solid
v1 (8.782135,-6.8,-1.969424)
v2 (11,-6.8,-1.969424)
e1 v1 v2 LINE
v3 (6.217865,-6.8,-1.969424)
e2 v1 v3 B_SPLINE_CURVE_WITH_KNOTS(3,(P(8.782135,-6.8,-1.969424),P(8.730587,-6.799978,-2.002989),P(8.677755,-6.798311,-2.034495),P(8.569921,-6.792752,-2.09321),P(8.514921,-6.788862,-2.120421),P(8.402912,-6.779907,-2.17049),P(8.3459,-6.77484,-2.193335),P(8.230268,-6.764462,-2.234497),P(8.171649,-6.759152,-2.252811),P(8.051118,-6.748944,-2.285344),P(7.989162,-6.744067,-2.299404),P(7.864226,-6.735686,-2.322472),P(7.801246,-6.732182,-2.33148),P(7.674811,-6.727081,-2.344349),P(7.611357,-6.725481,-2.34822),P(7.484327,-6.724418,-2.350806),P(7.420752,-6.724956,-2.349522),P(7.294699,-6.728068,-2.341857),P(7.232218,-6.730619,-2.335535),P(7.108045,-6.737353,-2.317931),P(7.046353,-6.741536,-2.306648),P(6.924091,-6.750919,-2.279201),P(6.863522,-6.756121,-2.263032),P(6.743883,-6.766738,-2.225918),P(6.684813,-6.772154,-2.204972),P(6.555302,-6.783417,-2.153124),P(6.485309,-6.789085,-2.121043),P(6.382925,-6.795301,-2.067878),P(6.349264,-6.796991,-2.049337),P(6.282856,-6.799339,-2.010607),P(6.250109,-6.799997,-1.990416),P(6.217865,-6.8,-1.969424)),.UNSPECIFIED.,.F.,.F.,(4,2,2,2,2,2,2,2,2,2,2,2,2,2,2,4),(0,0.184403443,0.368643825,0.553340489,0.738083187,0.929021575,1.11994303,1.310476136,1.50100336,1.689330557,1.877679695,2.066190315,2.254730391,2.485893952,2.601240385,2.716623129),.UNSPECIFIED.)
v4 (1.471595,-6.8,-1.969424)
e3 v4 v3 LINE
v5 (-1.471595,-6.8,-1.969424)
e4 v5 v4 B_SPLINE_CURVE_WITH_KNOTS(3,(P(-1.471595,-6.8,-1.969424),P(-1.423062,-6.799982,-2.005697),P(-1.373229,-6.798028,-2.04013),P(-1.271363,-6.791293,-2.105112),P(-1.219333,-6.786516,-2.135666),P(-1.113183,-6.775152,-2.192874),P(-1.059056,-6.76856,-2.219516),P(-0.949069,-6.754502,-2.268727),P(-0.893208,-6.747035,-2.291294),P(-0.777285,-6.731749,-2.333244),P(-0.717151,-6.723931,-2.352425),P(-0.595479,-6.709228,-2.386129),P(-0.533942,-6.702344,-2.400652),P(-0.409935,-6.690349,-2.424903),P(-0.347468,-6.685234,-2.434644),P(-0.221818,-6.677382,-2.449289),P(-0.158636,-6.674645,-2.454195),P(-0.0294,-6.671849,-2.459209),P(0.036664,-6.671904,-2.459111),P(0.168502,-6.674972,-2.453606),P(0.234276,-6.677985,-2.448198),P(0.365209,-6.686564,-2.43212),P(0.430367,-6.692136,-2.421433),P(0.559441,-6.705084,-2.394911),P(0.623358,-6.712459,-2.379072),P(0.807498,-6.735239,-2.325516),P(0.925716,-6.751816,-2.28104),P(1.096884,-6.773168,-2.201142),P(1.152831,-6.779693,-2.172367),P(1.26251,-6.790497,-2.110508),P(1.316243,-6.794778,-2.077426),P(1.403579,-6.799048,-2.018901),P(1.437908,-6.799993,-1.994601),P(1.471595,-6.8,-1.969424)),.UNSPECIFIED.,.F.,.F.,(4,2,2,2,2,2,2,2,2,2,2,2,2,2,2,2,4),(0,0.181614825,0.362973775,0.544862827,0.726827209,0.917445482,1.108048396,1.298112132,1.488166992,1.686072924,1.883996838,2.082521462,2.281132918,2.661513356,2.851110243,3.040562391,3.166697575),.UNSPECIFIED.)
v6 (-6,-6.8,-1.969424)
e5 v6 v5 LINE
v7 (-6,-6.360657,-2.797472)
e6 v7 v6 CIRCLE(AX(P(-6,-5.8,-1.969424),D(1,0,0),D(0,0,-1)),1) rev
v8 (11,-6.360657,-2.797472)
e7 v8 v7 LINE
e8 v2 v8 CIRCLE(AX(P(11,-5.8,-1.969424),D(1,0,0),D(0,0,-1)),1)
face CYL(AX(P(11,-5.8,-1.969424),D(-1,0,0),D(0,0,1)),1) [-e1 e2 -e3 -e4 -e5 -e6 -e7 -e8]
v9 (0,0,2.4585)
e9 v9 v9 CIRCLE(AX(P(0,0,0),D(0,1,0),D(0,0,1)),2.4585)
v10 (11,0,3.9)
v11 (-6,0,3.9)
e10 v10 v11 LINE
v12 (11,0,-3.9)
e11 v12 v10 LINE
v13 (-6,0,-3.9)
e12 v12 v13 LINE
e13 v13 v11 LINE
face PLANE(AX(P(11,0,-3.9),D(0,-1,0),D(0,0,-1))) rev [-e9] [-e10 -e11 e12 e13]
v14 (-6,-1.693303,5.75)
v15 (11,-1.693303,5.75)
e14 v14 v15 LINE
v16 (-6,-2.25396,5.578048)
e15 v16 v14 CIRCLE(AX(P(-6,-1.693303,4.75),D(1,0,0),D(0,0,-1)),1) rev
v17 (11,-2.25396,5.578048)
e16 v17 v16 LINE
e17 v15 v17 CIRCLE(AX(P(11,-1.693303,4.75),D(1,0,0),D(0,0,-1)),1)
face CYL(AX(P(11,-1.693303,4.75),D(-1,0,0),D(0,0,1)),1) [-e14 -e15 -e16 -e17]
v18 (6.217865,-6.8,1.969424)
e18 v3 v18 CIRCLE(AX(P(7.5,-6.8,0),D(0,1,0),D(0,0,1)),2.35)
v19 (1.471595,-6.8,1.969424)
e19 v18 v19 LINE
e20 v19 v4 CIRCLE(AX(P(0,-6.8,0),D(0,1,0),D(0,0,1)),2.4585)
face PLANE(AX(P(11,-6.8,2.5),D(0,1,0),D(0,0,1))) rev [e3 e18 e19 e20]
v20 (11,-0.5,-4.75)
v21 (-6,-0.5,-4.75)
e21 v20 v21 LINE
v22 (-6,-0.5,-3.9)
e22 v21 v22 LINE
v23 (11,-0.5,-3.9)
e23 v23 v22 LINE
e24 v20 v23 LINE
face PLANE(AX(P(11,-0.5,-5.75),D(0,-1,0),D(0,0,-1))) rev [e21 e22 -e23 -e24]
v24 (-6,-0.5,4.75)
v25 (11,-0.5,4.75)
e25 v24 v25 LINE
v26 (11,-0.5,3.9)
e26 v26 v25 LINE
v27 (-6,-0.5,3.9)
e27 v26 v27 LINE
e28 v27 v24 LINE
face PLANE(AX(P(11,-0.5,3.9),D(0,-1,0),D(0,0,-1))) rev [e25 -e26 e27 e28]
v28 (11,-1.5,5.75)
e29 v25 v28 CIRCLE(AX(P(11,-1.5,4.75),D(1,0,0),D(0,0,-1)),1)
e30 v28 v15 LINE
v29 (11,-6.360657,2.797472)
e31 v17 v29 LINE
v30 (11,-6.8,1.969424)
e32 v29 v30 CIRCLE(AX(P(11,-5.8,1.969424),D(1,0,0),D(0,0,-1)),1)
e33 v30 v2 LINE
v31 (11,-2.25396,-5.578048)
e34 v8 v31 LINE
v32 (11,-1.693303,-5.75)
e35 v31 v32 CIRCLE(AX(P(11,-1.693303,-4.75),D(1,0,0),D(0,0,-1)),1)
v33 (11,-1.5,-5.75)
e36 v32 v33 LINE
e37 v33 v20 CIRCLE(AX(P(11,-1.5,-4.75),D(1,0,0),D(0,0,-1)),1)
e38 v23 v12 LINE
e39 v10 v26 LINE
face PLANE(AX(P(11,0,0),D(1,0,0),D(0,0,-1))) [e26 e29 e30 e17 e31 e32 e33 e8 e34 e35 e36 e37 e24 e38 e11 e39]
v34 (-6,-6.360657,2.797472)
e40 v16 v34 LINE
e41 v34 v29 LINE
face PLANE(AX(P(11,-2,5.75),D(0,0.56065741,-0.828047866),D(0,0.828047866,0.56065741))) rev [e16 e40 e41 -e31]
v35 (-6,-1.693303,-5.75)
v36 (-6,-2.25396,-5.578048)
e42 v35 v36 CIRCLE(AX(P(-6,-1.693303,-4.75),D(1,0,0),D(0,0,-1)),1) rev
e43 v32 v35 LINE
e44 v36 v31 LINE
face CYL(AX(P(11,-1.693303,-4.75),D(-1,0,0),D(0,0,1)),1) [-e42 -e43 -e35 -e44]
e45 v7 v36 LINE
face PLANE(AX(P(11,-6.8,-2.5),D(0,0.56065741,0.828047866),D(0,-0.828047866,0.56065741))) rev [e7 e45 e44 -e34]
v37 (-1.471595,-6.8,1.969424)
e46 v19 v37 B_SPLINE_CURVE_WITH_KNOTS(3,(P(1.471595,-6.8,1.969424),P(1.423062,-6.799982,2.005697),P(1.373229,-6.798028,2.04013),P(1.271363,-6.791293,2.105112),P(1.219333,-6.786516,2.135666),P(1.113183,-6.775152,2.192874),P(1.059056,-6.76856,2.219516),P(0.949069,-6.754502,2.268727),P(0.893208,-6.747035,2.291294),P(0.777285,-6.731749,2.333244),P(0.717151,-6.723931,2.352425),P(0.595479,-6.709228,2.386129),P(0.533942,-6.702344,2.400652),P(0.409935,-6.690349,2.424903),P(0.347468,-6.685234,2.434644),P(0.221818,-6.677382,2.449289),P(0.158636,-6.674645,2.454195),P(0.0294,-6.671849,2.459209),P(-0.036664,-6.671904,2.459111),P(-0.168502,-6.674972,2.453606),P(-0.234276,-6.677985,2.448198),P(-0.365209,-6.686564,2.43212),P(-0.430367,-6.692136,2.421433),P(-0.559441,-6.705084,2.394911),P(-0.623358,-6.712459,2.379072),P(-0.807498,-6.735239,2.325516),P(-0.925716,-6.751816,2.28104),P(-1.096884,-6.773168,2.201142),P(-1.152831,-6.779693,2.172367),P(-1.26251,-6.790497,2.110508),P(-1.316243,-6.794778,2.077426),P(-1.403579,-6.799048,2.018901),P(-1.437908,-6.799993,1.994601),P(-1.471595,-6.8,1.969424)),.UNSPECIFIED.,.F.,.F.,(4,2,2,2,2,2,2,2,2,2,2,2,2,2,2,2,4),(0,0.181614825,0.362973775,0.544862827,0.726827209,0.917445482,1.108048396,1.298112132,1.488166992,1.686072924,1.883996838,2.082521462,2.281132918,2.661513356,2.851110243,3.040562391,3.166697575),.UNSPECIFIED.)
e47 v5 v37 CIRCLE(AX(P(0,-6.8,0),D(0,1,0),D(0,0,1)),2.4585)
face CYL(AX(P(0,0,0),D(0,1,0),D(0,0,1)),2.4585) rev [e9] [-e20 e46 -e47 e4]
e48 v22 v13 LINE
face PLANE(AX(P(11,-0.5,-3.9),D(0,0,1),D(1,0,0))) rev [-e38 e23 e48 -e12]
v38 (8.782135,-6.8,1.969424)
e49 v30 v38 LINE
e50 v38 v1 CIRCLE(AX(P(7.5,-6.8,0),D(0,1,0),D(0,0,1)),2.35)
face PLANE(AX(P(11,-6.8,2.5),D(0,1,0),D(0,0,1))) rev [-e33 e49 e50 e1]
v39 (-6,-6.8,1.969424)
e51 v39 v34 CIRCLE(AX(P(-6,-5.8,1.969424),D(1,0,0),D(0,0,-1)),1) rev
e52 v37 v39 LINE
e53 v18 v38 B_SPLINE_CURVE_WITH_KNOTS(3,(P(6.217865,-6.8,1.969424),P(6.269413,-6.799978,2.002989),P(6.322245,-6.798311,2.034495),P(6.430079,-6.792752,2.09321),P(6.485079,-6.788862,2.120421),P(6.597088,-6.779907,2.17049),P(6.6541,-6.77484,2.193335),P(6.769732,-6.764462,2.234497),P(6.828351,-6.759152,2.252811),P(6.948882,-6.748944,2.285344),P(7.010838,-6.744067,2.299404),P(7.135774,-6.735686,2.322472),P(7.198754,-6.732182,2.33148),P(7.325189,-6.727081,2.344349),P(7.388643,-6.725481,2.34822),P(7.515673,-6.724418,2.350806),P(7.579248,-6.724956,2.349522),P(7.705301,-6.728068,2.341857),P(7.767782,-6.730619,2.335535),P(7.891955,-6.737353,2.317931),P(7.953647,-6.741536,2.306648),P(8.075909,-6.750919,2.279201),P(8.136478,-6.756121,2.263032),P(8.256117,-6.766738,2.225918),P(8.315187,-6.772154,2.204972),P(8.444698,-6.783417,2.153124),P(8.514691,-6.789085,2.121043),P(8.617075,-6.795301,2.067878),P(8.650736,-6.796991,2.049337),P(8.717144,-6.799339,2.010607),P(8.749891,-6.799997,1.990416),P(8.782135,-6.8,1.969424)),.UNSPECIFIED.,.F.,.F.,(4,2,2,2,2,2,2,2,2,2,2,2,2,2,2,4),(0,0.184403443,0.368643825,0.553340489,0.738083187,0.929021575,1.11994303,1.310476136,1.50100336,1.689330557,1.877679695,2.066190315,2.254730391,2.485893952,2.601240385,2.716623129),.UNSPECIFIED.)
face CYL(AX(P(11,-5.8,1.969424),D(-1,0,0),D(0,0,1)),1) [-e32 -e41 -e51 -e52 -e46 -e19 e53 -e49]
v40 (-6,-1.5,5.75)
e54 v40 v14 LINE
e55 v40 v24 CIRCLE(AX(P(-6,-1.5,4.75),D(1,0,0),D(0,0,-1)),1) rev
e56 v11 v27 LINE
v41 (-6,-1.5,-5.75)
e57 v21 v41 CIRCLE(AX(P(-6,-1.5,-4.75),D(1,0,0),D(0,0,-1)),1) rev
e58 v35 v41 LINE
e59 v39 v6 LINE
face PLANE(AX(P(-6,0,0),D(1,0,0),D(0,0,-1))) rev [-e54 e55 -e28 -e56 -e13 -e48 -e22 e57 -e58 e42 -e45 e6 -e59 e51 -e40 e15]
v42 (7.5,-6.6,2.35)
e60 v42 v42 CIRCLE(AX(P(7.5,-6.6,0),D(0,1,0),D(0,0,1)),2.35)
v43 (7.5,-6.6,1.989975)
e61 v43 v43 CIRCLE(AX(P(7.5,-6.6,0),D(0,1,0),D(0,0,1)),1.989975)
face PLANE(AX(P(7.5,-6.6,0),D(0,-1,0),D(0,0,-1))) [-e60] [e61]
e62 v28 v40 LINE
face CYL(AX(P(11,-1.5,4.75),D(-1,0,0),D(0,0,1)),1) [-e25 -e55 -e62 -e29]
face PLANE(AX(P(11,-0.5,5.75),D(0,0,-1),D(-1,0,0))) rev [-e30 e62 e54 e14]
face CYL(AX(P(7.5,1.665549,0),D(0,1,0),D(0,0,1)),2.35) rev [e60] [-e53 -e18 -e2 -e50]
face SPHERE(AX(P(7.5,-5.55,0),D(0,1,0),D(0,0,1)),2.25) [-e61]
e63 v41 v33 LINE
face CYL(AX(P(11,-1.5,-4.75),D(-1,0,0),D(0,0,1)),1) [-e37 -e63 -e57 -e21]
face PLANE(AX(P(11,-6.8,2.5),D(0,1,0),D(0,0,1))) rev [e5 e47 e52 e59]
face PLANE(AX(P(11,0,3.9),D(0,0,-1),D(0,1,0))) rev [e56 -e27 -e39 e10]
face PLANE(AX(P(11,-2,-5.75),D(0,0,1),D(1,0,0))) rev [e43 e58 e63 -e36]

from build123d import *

# Parameters (mm, degrees)
BOSS_EXTRUDE1_DEPTH = 17
FILLET1_R           = 1
SKETCH2_W           = 2.35
SKETCH2_H           = 0.2
TAPPED_HOLE1_D      = 4.917


with BuildPart() as part:
    # Sketch1 → Boss-Extrude1 (new body)
    with BuildSketch(Plane(origin=(-6, 0, 0), x_dir=(0, 0, -1), z_dir=(1, 0, 0))):
        Polygon((3.9, 0), (-3.9, 0), (-3.9, -0.5), (-5.75, -0.5), (-5.75, -2), (-2.5, -6.8), (2.5, -6.8), (5.75, -2), (5.75, -0.5), (3.9, -0.5), align=None)
    extrude(amount=BOSS_EXTRUDE1_DEPTH)

    # Fillet1
    fillet1_edges = [part.edges().sort_by_distance(p)[0] for p in [
        (2.5, -0.5, 5.75),
        (2.5, -0.5, -5.75),
        (2.5, -2, -5.75),
        (2.5, -6.8, -2.5),
        (2.5, -6.8, 2.5),
        (2.5, -2, 5.75),
    ]]
    fillet(fillet1_edges, radius=FILLET1_R)

    # Sketch2 → Cut-Revolve1 (revolve, cut)
    with BuildSketch(Plane(origin=(7.5, 0, 0), x_dir=(0, 0, -1), z_dir=(1, 0, 0)), mode=Mode.PRIVATE) as cut_revolve1_sk:
        with Locations((1.175, -6.7)):
            Rectangle(SKETCH2_W, SKETCH2_H)
    revolve(cut_revolve1_sk.sketch.rotate(Axis((7.5, 1.665548573, 0), (0, -1, 0)), 180), axis=Axis((7.5, 1.665548573, 0), (0, -1, 0)), mode=Mode.SUBTRACT)

    # Sketch3 → Revolve1 (revolve)
    with BuildSketch(Plane(origin=(7.5, 0, 0), x_dir=(0, 0, -1), z_dir=(1, 0, 0)), mode=Mode.PRIVATE) as revolve1_sk:
        with BuildLine():
            Line((1.989974874, -6.6), (0, -6.6))
            Line((0, -6.6), (0, -7.8))
            ThreePointArc((0, -7.8), (1.161895004, -7.476784887), (1.989974874, -6.6))
        make_face()
    revolve(revolve1_sk.sketch.rotate(Axis((7.5, 0, 0), (0, -1, 0)), 180), axis=Axis((7.5, 0, 0), (0, -1, 0)))

    # Tapped Hole1 (through all)
    with Locations(Plane(origin=(0, 0, 0), x_dir=(1, 0, 0), z_dir=(0, 1, 0))):
        with Locations((0, 0)):
            Hole(TAPPED_HOLE1_D / 2)


solid = part.part
